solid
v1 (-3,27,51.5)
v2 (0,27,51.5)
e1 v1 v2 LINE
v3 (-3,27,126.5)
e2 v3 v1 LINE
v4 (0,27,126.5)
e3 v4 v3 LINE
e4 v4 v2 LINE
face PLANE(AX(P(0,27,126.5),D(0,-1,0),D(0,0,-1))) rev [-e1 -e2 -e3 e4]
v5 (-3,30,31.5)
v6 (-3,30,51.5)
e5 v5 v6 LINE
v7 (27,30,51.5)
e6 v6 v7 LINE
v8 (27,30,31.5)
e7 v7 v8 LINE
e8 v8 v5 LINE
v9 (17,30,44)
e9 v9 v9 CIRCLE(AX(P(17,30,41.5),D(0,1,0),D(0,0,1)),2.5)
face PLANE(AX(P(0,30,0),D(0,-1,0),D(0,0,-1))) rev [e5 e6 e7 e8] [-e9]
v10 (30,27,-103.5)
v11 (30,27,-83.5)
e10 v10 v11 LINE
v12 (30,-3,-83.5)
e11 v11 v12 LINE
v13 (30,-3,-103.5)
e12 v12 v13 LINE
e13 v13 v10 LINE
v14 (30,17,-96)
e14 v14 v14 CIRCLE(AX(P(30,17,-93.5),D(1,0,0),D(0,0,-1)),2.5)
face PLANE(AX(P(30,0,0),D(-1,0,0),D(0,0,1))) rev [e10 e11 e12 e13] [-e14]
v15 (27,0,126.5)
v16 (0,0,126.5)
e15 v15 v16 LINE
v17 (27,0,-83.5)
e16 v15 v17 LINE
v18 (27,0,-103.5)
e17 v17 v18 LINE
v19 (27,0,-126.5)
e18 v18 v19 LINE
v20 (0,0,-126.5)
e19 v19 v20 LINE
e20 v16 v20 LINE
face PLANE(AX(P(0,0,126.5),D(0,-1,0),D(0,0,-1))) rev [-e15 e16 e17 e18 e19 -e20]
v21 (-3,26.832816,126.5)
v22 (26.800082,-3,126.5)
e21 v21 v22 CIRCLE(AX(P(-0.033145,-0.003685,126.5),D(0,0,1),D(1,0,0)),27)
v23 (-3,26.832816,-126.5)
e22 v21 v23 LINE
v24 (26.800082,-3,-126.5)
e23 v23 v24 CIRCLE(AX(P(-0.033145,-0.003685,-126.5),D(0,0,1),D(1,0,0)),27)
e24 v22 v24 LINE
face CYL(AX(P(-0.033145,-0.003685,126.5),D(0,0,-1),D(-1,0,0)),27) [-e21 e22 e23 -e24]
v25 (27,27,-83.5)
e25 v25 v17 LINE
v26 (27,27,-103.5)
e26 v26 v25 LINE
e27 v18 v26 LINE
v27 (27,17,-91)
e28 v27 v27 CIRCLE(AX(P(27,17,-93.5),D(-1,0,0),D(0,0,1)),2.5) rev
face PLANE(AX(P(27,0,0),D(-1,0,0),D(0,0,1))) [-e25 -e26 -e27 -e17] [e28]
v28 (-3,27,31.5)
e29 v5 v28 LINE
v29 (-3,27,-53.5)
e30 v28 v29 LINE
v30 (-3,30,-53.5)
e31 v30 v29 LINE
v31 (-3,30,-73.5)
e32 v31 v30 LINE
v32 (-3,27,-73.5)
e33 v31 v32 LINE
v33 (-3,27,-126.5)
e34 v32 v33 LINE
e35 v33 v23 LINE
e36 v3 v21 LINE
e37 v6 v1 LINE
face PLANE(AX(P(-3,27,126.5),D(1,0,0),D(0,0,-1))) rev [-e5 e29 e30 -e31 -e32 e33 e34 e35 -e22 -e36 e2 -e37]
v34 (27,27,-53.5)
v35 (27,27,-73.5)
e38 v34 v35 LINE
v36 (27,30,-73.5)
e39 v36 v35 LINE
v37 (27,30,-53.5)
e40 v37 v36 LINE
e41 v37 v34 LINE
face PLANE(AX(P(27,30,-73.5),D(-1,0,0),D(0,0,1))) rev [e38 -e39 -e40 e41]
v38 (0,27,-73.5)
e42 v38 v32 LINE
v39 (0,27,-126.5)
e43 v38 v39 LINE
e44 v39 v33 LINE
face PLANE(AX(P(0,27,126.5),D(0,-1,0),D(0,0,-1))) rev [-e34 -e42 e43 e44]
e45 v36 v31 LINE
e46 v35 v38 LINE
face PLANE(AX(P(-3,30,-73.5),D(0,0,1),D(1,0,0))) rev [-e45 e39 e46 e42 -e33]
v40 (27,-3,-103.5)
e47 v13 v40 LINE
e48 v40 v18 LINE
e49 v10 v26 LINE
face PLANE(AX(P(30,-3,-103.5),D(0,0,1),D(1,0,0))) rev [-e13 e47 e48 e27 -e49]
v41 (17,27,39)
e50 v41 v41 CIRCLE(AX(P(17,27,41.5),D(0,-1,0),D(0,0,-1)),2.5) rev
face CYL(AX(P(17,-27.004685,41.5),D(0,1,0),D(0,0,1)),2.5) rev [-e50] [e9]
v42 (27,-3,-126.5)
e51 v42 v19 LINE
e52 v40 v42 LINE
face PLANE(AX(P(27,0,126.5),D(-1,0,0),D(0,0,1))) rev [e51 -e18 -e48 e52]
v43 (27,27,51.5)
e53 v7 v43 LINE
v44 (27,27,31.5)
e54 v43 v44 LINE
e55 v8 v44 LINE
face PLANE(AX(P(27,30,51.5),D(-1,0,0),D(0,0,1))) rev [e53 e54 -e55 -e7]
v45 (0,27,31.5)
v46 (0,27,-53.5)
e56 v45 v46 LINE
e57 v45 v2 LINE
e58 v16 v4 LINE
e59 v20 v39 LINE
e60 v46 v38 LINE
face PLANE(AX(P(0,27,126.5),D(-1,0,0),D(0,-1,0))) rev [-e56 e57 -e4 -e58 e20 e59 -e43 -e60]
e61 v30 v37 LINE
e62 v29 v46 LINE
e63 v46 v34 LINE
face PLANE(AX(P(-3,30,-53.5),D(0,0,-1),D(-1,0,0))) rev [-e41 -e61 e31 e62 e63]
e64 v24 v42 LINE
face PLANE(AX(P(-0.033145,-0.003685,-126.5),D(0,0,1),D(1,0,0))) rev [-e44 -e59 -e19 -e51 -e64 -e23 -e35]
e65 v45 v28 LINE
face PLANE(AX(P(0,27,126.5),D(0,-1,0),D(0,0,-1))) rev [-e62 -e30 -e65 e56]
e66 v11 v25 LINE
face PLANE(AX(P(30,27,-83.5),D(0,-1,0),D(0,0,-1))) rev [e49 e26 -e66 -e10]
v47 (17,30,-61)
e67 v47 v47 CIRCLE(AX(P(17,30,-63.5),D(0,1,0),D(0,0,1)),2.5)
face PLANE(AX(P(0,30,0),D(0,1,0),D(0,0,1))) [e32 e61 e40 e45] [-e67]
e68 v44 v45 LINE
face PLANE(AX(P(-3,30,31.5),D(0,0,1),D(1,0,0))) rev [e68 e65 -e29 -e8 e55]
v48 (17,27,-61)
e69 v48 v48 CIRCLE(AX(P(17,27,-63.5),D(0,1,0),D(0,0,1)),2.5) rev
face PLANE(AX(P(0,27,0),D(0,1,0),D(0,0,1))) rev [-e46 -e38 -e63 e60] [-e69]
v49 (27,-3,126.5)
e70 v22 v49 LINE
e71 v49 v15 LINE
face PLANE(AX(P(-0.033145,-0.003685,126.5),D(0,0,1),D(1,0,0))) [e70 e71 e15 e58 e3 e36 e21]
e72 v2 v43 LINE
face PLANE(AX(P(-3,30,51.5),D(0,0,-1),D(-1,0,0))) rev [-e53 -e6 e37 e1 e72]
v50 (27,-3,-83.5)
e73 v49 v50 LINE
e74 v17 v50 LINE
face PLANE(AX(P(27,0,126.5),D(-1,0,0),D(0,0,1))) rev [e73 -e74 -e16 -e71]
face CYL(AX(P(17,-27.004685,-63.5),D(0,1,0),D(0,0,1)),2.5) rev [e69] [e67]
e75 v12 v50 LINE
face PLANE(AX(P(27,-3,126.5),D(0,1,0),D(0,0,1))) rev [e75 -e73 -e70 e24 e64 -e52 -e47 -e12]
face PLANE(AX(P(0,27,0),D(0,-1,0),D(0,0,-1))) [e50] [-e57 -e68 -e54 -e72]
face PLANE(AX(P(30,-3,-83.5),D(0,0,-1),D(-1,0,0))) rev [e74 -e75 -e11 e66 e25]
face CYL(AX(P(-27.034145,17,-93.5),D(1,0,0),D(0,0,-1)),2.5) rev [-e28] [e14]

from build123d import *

# Parameters (mm, degrees)
BOSS_EXTRUDE1_DEPTH  = 126.5
SKETCH12_W           = 20
SKETCH12_H           = 30
BOSS_EXTRUDE6_DEPTH  = 3
CUT_EXTRUDE3_REACH   = 143.366
SKETCH13_R           = 2.5
SKETCH17_W           = 30
SKETCH17_H           = 20
BOSS_EXTRUDE10_DEPTH = 3
CUT_EXTRUDE5_REACH   = 143.957
SKETCH18_R           = 2.5


with BuildPart() as part:
    # Sketch4 → Boss-Extrude1 (new, symmetric)
    with BuildSketch(Plane.XY):
        with BuildLine():
            Line((0, 0), (27, 0))
            Line((27, 0), (27, -3))
            Line((27, -3), (26.800082477, -3))
            ThreePointArc((26.800082477, -3), (-19.135504983, -19.08508544), (-3, 26.83281573))
            Line((-3, 26.83281573), (-3, 27))
            Line((-3, 27), (0, 27))
            Line((0, 27), (0, 0))
        make_face()
    extrude(amount=BOSS_EXTRUDE1_DEPTH, both=True)

    # Sketch12 → Boss-Extrude6 (add)
    with BuildSketch(Plane(origin=(27, 0, 0), x_dir=(0, 0, -1), z_dir=(1, 0, 0))):
        with Locations((93.5, 12)):
            Rectangle(SKETCH12_W, SKETCH12_H)
    extrude(amount=BOSS_EXTRUDE6_DEPTH)

    # Sketch13 → Cut-Extrude3 (cut, up to next)
    with BuildSketch(Plane(origin=(30, 0, 0), x_dir=(0, 0, -1), z_dir=(1, 0, 0)), mode=Mode.PRIVATE) as cut_extrude3_sk1:
        with Locations((93.5, 17)):
            Circle(SKETCH13_R)
    cut_extrude3_tool1 = extrude(cut_extrude3_sk1.sketch, amount=-CUT_EXTRUDE3_REACH, mode=Mode.PRIVATE) & part.part
    add(cut_extrude3_tool1.solids().sort_by_distance((30, 17, -93.5))[0], mode=Mode.SUBTRACT)

    # Sketch17 → Boss-Extrude10 (add)
    with BuildSketch(Plane(origin=(0, 27, 0), x_dir=(1, 0, 0), z_dir=(0, 1, 0))):
        with Locations((12, 63.5)):
            Rectangle(SKETCH17_W, SKETCH17_H)
        with Locations((12, -41.5)):
            Rectangle(SKETCH17_W, SKETCH17_H)
    extrude(amount=BOSS_EXTRUDE10_DEPTH)

    # Sketch18 → Cut-Extrude5 (cut, up to next)
    with BuildSketch(Plane(origin=(0, 30, 0), x_dir=(1, 0, 0), z_dir=(0, 1, 0)), mode=Mode.PRIVATE) as cut_extrude5_sk1:
        with Locations(Location((17, 63.5, 0), (0, 0, 270))):
            Circle(SKETCH18_R)
    cut_extrude5_tool1 = extrude(cut_extrude5_sk1.sketch, amount=-CUT_EXTRUDE5_REACH, mode=Mode.PRIVATE) & part.part
    # Sketch18 → Cut-Extrude5 (cut, up to next)
    with BuildSketch(Plane(origin=(0, 30, 0), x_dir=(1, 0, 0), z_dir=(0, 1, 0)), mode=Mode.PRIVATE) as cut_extrude5_sk2:
        with Locations(Location((17, -41.5, 0), (0, 0, 270))):
            Circle(SKETCH18_R)
    cut_extrude5_tool2 = extrude(cut_extrude5_sk2.sketch, amount=-CUT_EXTRUDE5_REACH, mode=Mode.PRIVATE) & part.part
    add(cut_extrude5_tool1.solids().sort_by_distance((17, 30, -63.5))[0], mode=Mode.SUBTRACT)
    add(cut_extrude5_tool2.solids().sort_by_distance((17, 30, 41.5))[0], mode=Mode.SUBTRACT)


solid = part.part
